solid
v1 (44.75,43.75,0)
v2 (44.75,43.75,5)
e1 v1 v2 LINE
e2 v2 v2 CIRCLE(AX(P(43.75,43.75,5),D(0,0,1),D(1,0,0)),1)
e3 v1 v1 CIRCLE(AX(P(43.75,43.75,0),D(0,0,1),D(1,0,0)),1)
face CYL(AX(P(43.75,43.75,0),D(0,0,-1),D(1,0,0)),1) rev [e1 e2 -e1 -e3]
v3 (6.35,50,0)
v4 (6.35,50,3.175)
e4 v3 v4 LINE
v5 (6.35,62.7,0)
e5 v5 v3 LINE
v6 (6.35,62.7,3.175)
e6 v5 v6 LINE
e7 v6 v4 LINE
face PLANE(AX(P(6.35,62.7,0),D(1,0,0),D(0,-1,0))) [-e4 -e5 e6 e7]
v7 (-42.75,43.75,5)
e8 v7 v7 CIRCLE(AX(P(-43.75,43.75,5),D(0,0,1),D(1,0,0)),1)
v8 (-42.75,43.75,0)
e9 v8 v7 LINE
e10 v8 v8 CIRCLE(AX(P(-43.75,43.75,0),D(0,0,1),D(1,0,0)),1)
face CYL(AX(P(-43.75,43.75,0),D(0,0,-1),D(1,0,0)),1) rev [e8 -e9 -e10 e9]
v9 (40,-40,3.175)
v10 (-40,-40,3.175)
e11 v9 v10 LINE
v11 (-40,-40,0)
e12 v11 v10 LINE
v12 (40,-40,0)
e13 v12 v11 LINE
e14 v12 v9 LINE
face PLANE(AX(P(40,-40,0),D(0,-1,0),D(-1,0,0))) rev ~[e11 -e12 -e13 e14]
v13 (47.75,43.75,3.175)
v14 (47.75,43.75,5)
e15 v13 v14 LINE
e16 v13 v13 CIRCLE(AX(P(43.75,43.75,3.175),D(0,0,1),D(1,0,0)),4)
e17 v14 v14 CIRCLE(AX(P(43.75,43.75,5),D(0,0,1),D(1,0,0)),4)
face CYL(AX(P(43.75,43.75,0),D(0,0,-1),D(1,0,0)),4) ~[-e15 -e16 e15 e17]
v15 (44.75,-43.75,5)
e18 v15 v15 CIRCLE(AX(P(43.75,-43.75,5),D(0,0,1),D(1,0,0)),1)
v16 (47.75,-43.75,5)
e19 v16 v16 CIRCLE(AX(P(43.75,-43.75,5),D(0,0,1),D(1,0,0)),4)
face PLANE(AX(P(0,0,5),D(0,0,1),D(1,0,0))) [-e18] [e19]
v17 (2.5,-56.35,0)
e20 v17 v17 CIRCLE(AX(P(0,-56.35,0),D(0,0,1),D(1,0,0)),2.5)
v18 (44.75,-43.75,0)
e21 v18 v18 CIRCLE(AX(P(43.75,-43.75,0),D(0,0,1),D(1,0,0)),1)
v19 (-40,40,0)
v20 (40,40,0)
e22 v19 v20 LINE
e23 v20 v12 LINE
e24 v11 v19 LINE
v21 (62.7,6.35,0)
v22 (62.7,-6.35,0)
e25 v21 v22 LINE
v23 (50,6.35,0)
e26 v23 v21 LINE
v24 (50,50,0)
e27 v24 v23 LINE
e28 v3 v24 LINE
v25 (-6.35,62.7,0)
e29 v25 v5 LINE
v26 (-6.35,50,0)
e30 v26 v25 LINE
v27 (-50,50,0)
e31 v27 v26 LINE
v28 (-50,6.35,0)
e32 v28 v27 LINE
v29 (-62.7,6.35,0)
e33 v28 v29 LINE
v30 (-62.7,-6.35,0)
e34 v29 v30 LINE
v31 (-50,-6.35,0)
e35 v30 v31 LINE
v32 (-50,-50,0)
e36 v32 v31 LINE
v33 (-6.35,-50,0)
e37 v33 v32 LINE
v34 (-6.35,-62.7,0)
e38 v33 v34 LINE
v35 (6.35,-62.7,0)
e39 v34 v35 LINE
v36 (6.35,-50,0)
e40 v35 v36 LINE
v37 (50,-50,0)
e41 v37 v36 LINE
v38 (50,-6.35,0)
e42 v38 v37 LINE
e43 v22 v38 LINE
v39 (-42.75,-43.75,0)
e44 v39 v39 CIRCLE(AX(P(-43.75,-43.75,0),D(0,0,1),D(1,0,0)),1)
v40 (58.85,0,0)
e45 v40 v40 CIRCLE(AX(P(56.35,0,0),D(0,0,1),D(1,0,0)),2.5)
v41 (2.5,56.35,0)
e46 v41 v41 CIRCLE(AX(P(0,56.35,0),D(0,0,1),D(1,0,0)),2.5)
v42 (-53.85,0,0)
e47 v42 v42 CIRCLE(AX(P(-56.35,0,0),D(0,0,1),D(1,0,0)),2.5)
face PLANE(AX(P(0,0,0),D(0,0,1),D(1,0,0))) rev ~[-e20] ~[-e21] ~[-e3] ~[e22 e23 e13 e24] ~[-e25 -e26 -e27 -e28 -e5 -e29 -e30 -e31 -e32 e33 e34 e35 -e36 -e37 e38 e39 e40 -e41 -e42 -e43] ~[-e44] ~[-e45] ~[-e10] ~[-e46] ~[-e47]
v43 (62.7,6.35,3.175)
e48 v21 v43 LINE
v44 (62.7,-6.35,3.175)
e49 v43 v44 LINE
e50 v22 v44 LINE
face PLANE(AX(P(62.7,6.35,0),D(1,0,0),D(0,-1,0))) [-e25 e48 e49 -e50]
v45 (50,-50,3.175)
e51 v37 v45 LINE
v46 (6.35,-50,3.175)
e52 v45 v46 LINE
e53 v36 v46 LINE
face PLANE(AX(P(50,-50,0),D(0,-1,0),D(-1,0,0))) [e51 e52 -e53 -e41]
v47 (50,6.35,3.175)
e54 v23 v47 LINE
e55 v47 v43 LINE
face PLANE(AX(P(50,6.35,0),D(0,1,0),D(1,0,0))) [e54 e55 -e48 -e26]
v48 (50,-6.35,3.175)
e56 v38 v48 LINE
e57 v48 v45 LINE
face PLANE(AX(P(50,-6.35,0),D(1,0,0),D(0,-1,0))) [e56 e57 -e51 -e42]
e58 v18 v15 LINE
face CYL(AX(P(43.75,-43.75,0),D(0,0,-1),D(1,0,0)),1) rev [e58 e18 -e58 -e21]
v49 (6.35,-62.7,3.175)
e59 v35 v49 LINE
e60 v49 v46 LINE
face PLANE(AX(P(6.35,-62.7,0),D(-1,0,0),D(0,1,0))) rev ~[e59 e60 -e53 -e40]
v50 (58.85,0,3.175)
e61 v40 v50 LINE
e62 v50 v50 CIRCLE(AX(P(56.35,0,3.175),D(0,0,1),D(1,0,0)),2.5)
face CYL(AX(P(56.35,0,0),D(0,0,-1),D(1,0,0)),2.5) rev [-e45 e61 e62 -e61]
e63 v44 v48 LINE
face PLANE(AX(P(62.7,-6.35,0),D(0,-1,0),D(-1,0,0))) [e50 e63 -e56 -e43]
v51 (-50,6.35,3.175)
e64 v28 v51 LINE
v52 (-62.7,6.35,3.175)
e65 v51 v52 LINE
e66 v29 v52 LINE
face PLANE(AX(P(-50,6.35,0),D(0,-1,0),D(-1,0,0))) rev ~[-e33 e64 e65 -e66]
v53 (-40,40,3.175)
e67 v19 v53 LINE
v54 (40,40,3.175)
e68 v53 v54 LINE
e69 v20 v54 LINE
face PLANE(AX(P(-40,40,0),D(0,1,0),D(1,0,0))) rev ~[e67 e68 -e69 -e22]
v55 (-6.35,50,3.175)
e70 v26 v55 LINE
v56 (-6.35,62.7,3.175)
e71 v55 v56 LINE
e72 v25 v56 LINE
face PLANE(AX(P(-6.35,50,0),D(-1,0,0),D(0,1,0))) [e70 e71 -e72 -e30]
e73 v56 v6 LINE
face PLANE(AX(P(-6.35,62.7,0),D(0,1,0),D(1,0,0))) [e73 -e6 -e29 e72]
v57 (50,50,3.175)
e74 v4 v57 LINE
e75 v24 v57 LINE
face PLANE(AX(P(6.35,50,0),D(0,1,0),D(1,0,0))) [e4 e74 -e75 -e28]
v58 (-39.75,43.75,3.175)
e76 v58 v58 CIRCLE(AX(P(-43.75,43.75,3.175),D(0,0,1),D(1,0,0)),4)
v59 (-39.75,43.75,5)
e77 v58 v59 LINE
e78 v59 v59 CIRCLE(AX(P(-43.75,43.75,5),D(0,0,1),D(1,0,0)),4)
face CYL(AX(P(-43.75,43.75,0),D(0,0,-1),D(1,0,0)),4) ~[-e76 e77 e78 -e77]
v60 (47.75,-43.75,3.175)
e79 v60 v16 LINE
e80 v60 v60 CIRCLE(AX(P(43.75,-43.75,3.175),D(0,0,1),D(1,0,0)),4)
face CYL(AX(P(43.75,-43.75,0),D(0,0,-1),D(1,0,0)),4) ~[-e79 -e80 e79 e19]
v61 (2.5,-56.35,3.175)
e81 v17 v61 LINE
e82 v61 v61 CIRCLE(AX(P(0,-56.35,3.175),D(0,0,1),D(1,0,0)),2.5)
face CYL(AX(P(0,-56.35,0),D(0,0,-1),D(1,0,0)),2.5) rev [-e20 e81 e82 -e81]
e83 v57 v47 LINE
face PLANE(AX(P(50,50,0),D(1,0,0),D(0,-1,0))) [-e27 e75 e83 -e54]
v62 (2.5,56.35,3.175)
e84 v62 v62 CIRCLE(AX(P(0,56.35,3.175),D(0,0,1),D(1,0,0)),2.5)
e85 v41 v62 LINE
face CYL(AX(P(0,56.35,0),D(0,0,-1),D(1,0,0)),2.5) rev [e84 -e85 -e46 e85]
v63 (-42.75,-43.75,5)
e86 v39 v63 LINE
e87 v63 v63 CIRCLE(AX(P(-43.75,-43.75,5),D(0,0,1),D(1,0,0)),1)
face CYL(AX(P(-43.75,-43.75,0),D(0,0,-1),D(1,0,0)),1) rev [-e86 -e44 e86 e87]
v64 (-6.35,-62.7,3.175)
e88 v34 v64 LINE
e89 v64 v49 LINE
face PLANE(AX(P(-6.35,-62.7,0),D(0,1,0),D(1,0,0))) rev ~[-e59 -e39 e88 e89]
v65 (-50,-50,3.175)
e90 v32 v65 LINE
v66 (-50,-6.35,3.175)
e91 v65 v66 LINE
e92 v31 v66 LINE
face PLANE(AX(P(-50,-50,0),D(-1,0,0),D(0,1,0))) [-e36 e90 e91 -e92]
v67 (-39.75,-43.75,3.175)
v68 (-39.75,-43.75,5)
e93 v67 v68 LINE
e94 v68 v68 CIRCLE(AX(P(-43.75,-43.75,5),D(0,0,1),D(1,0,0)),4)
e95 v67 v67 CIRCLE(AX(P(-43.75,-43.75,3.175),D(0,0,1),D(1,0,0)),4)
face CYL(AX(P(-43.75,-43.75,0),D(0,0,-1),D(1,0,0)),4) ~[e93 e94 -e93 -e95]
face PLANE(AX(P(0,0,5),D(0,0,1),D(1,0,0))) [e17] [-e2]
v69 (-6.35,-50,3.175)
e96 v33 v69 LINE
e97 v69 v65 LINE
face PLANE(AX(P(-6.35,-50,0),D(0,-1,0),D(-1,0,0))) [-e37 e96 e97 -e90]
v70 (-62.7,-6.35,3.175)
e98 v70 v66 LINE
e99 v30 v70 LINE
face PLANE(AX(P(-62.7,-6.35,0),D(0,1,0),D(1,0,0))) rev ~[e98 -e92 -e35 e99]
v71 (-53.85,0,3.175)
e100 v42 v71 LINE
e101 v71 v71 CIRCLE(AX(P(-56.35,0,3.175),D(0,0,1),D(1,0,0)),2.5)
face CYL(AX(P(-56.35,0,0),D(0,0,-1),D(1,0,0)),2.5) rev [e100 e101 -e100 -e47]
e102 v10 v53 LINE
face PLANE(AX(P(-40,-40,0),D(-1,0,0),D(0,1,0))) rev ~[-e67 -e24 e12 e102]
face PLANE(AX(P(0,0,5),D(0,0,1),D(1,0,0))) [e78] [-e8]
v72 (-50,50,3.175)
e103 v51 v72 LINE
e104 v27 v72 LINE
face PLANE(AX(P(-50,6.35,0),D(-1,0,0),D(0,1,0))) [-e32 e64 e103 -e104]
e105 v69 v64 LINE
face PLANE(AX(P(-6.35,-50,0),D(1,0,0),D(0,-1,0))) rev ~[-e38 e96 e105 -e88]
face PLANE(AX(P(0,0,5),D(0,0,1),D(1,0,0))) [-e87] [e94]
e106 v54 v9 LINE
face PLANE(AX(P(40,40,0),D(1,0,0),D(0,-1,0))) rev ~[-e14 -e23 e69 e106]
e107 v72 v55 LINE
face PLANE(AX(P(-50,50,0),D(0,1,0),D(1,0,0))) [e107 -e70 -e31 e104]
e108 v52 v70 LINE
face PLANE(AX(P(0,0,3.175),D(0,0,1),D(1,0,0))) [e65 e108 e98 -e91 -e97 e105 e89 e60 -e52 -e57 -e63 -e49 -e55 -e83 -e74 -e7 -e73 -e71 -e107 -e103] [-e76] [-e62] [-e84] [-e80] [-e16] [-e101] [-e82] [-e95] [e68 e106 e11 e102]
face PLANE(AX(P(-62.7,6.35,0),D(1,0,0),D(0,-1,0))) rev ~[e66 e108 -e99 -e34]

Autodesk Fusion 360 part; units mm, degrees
sketch "Sketch1" plane through (0, 0, 0) normal (0, 0, 1) x (1, 0, 0) in component "Bracket"
  line L0 (-40, 40) -> (40, 40)
  line L1 (40, 40) -> (40, -40)
  line L2 (40, -40) -> (-40, -40)
  line L3 (-40, -40) -> (-40, 40)
  line L4 (-50, 50) -> (50, 50)
  line L5 (50, 50) -> (50, -50)
  line L6 (50, -50) -> (-50, -50)
  line L7 (-50, -50) -> (-50, 50)
  circle A0 centre (-43.75, 43.75) radius 1
  circle A1 centre (-43.75, -43.75) radius 1
  circle A2 centre (43.75, -43.75) radius 1
  circle A3 centre (43.75, 43.75) radius 1
  line L8 (-6.35, 50) -> (-6.35, 62.7)
  line L9 (-6.35, 62.7) -> (6.35, 62.7)
  line L10 (6.35, 62.7) -> (6.35, 50)
  line L11 (-50, 6.35) -> (-62.7, 6.35)
  line L12 (-62.7, 6.35) -> (-62.7, -6.35)
  line L13 (-62.7, -6.35) -> (-50, -6.35)
  line L14 (-6.35, -50) -> (-6.35, -62.7)
  line L15 (-6.35, -62.7) -> (6.35, -62.7)
  line L16 (6.35, -62.7) -> (6.35, -50)
  line L17 (50, 6.35) -> (62.7, 6.35)
  line L18 (62.7, 6.35) -> (62.7, -6.35)
  line L19 (62.7, -6.35) -> (50, -6.35)
  circle A4 centre (56.35, 0) radius 2.5
  circle A5 centre (0, 56.35) radius 2.5
  circle A6 centre (-56.35, 0) radius 2.5
  circle A7 centre (0, -56.35) radius 2.5
  circle A8 centre (43.75, 43.75) radius 4
  circle A9 centre (-43.75, 43.75) radius 4
  circle A10 centre (-43.75, -43.75) radius 4
  circle A11 centre (43.75, -43.75) radius 4
  dimension "d1" = 80
  dimension "d2" = 80
  dimension "d3" = 100
  dimension "d4" = 100
  dimension "d5" = 40
  dimension "d6" = 50
  dimension "d7" = 40
  dimension "d8" = 50
  dimension "d11" = 2
  dimension "d12" = 2
  dimension "d13" = 2
  dimension "d14" = 2
  dimension "d15" = 87.5
  dimension "d16" = 87.5
  dimension "d17" = 43.75
  dimension "d18" = 43.75
  dimension "d19" = 12.7
  dimension "d20" = 12.7
  dimension "d21" = 6.35
  dimension "d22" = 12.7
  dimension "d23" = 12.7
  dimension "d24" = 6.35
  dimension "d25" = 12.7
  dimension "d26" = 12.7
  dimension "d27" = 6.35
  dimension "d28" = 12.7
  dimension "d29" = 12.7
  dimension "d30" = 6.35
  dimension "d31" = 5
  dimension "d32" = 6.35
  dimension "d33" = 6.35
  dimension "d34" = 5
  dimension "d35" = 6.35
  dimension "d36" = 6.35
  dimension "d37" = 5
  dimension "d38" = 6.35
  dimension "d39" = 6.35
  dimension "d40" = 5
  dimension "d41" = 6.35
  dimension "d42" = 6.35
  dimension "d43" = 8
  dimension "d44" = 8
  dimension "d45" = 8
  dimension "d46" = 8
extrude "Extrude1" add sketch "Sketch1" along normal blind 3.175 contours L4 L5 L6 L7 | L4 L8 L9 L10 | L7 L11 L12 L13 | L5 L17 L18 L19 | L6 L14 L15 L16 in component "Bracket"
extrude "Extrude2" add sketch "Sketch1" along normal blind 5 contours A8 | A9 | A10 | A11 in component "Bracket"
component "Bracket" placed x (1, 0, 0) y (0, 1, 0) z (0, 0, 1) at (0, 0, 0)
equation "d5 = d2 / 2"
equation "d6 = d4 / 2"
equation "d7 = d1 / 2"
equation "d8 = d3 / 2"
equation "d17 = d15 / 2"
equation "d18 = d16 / 2"
